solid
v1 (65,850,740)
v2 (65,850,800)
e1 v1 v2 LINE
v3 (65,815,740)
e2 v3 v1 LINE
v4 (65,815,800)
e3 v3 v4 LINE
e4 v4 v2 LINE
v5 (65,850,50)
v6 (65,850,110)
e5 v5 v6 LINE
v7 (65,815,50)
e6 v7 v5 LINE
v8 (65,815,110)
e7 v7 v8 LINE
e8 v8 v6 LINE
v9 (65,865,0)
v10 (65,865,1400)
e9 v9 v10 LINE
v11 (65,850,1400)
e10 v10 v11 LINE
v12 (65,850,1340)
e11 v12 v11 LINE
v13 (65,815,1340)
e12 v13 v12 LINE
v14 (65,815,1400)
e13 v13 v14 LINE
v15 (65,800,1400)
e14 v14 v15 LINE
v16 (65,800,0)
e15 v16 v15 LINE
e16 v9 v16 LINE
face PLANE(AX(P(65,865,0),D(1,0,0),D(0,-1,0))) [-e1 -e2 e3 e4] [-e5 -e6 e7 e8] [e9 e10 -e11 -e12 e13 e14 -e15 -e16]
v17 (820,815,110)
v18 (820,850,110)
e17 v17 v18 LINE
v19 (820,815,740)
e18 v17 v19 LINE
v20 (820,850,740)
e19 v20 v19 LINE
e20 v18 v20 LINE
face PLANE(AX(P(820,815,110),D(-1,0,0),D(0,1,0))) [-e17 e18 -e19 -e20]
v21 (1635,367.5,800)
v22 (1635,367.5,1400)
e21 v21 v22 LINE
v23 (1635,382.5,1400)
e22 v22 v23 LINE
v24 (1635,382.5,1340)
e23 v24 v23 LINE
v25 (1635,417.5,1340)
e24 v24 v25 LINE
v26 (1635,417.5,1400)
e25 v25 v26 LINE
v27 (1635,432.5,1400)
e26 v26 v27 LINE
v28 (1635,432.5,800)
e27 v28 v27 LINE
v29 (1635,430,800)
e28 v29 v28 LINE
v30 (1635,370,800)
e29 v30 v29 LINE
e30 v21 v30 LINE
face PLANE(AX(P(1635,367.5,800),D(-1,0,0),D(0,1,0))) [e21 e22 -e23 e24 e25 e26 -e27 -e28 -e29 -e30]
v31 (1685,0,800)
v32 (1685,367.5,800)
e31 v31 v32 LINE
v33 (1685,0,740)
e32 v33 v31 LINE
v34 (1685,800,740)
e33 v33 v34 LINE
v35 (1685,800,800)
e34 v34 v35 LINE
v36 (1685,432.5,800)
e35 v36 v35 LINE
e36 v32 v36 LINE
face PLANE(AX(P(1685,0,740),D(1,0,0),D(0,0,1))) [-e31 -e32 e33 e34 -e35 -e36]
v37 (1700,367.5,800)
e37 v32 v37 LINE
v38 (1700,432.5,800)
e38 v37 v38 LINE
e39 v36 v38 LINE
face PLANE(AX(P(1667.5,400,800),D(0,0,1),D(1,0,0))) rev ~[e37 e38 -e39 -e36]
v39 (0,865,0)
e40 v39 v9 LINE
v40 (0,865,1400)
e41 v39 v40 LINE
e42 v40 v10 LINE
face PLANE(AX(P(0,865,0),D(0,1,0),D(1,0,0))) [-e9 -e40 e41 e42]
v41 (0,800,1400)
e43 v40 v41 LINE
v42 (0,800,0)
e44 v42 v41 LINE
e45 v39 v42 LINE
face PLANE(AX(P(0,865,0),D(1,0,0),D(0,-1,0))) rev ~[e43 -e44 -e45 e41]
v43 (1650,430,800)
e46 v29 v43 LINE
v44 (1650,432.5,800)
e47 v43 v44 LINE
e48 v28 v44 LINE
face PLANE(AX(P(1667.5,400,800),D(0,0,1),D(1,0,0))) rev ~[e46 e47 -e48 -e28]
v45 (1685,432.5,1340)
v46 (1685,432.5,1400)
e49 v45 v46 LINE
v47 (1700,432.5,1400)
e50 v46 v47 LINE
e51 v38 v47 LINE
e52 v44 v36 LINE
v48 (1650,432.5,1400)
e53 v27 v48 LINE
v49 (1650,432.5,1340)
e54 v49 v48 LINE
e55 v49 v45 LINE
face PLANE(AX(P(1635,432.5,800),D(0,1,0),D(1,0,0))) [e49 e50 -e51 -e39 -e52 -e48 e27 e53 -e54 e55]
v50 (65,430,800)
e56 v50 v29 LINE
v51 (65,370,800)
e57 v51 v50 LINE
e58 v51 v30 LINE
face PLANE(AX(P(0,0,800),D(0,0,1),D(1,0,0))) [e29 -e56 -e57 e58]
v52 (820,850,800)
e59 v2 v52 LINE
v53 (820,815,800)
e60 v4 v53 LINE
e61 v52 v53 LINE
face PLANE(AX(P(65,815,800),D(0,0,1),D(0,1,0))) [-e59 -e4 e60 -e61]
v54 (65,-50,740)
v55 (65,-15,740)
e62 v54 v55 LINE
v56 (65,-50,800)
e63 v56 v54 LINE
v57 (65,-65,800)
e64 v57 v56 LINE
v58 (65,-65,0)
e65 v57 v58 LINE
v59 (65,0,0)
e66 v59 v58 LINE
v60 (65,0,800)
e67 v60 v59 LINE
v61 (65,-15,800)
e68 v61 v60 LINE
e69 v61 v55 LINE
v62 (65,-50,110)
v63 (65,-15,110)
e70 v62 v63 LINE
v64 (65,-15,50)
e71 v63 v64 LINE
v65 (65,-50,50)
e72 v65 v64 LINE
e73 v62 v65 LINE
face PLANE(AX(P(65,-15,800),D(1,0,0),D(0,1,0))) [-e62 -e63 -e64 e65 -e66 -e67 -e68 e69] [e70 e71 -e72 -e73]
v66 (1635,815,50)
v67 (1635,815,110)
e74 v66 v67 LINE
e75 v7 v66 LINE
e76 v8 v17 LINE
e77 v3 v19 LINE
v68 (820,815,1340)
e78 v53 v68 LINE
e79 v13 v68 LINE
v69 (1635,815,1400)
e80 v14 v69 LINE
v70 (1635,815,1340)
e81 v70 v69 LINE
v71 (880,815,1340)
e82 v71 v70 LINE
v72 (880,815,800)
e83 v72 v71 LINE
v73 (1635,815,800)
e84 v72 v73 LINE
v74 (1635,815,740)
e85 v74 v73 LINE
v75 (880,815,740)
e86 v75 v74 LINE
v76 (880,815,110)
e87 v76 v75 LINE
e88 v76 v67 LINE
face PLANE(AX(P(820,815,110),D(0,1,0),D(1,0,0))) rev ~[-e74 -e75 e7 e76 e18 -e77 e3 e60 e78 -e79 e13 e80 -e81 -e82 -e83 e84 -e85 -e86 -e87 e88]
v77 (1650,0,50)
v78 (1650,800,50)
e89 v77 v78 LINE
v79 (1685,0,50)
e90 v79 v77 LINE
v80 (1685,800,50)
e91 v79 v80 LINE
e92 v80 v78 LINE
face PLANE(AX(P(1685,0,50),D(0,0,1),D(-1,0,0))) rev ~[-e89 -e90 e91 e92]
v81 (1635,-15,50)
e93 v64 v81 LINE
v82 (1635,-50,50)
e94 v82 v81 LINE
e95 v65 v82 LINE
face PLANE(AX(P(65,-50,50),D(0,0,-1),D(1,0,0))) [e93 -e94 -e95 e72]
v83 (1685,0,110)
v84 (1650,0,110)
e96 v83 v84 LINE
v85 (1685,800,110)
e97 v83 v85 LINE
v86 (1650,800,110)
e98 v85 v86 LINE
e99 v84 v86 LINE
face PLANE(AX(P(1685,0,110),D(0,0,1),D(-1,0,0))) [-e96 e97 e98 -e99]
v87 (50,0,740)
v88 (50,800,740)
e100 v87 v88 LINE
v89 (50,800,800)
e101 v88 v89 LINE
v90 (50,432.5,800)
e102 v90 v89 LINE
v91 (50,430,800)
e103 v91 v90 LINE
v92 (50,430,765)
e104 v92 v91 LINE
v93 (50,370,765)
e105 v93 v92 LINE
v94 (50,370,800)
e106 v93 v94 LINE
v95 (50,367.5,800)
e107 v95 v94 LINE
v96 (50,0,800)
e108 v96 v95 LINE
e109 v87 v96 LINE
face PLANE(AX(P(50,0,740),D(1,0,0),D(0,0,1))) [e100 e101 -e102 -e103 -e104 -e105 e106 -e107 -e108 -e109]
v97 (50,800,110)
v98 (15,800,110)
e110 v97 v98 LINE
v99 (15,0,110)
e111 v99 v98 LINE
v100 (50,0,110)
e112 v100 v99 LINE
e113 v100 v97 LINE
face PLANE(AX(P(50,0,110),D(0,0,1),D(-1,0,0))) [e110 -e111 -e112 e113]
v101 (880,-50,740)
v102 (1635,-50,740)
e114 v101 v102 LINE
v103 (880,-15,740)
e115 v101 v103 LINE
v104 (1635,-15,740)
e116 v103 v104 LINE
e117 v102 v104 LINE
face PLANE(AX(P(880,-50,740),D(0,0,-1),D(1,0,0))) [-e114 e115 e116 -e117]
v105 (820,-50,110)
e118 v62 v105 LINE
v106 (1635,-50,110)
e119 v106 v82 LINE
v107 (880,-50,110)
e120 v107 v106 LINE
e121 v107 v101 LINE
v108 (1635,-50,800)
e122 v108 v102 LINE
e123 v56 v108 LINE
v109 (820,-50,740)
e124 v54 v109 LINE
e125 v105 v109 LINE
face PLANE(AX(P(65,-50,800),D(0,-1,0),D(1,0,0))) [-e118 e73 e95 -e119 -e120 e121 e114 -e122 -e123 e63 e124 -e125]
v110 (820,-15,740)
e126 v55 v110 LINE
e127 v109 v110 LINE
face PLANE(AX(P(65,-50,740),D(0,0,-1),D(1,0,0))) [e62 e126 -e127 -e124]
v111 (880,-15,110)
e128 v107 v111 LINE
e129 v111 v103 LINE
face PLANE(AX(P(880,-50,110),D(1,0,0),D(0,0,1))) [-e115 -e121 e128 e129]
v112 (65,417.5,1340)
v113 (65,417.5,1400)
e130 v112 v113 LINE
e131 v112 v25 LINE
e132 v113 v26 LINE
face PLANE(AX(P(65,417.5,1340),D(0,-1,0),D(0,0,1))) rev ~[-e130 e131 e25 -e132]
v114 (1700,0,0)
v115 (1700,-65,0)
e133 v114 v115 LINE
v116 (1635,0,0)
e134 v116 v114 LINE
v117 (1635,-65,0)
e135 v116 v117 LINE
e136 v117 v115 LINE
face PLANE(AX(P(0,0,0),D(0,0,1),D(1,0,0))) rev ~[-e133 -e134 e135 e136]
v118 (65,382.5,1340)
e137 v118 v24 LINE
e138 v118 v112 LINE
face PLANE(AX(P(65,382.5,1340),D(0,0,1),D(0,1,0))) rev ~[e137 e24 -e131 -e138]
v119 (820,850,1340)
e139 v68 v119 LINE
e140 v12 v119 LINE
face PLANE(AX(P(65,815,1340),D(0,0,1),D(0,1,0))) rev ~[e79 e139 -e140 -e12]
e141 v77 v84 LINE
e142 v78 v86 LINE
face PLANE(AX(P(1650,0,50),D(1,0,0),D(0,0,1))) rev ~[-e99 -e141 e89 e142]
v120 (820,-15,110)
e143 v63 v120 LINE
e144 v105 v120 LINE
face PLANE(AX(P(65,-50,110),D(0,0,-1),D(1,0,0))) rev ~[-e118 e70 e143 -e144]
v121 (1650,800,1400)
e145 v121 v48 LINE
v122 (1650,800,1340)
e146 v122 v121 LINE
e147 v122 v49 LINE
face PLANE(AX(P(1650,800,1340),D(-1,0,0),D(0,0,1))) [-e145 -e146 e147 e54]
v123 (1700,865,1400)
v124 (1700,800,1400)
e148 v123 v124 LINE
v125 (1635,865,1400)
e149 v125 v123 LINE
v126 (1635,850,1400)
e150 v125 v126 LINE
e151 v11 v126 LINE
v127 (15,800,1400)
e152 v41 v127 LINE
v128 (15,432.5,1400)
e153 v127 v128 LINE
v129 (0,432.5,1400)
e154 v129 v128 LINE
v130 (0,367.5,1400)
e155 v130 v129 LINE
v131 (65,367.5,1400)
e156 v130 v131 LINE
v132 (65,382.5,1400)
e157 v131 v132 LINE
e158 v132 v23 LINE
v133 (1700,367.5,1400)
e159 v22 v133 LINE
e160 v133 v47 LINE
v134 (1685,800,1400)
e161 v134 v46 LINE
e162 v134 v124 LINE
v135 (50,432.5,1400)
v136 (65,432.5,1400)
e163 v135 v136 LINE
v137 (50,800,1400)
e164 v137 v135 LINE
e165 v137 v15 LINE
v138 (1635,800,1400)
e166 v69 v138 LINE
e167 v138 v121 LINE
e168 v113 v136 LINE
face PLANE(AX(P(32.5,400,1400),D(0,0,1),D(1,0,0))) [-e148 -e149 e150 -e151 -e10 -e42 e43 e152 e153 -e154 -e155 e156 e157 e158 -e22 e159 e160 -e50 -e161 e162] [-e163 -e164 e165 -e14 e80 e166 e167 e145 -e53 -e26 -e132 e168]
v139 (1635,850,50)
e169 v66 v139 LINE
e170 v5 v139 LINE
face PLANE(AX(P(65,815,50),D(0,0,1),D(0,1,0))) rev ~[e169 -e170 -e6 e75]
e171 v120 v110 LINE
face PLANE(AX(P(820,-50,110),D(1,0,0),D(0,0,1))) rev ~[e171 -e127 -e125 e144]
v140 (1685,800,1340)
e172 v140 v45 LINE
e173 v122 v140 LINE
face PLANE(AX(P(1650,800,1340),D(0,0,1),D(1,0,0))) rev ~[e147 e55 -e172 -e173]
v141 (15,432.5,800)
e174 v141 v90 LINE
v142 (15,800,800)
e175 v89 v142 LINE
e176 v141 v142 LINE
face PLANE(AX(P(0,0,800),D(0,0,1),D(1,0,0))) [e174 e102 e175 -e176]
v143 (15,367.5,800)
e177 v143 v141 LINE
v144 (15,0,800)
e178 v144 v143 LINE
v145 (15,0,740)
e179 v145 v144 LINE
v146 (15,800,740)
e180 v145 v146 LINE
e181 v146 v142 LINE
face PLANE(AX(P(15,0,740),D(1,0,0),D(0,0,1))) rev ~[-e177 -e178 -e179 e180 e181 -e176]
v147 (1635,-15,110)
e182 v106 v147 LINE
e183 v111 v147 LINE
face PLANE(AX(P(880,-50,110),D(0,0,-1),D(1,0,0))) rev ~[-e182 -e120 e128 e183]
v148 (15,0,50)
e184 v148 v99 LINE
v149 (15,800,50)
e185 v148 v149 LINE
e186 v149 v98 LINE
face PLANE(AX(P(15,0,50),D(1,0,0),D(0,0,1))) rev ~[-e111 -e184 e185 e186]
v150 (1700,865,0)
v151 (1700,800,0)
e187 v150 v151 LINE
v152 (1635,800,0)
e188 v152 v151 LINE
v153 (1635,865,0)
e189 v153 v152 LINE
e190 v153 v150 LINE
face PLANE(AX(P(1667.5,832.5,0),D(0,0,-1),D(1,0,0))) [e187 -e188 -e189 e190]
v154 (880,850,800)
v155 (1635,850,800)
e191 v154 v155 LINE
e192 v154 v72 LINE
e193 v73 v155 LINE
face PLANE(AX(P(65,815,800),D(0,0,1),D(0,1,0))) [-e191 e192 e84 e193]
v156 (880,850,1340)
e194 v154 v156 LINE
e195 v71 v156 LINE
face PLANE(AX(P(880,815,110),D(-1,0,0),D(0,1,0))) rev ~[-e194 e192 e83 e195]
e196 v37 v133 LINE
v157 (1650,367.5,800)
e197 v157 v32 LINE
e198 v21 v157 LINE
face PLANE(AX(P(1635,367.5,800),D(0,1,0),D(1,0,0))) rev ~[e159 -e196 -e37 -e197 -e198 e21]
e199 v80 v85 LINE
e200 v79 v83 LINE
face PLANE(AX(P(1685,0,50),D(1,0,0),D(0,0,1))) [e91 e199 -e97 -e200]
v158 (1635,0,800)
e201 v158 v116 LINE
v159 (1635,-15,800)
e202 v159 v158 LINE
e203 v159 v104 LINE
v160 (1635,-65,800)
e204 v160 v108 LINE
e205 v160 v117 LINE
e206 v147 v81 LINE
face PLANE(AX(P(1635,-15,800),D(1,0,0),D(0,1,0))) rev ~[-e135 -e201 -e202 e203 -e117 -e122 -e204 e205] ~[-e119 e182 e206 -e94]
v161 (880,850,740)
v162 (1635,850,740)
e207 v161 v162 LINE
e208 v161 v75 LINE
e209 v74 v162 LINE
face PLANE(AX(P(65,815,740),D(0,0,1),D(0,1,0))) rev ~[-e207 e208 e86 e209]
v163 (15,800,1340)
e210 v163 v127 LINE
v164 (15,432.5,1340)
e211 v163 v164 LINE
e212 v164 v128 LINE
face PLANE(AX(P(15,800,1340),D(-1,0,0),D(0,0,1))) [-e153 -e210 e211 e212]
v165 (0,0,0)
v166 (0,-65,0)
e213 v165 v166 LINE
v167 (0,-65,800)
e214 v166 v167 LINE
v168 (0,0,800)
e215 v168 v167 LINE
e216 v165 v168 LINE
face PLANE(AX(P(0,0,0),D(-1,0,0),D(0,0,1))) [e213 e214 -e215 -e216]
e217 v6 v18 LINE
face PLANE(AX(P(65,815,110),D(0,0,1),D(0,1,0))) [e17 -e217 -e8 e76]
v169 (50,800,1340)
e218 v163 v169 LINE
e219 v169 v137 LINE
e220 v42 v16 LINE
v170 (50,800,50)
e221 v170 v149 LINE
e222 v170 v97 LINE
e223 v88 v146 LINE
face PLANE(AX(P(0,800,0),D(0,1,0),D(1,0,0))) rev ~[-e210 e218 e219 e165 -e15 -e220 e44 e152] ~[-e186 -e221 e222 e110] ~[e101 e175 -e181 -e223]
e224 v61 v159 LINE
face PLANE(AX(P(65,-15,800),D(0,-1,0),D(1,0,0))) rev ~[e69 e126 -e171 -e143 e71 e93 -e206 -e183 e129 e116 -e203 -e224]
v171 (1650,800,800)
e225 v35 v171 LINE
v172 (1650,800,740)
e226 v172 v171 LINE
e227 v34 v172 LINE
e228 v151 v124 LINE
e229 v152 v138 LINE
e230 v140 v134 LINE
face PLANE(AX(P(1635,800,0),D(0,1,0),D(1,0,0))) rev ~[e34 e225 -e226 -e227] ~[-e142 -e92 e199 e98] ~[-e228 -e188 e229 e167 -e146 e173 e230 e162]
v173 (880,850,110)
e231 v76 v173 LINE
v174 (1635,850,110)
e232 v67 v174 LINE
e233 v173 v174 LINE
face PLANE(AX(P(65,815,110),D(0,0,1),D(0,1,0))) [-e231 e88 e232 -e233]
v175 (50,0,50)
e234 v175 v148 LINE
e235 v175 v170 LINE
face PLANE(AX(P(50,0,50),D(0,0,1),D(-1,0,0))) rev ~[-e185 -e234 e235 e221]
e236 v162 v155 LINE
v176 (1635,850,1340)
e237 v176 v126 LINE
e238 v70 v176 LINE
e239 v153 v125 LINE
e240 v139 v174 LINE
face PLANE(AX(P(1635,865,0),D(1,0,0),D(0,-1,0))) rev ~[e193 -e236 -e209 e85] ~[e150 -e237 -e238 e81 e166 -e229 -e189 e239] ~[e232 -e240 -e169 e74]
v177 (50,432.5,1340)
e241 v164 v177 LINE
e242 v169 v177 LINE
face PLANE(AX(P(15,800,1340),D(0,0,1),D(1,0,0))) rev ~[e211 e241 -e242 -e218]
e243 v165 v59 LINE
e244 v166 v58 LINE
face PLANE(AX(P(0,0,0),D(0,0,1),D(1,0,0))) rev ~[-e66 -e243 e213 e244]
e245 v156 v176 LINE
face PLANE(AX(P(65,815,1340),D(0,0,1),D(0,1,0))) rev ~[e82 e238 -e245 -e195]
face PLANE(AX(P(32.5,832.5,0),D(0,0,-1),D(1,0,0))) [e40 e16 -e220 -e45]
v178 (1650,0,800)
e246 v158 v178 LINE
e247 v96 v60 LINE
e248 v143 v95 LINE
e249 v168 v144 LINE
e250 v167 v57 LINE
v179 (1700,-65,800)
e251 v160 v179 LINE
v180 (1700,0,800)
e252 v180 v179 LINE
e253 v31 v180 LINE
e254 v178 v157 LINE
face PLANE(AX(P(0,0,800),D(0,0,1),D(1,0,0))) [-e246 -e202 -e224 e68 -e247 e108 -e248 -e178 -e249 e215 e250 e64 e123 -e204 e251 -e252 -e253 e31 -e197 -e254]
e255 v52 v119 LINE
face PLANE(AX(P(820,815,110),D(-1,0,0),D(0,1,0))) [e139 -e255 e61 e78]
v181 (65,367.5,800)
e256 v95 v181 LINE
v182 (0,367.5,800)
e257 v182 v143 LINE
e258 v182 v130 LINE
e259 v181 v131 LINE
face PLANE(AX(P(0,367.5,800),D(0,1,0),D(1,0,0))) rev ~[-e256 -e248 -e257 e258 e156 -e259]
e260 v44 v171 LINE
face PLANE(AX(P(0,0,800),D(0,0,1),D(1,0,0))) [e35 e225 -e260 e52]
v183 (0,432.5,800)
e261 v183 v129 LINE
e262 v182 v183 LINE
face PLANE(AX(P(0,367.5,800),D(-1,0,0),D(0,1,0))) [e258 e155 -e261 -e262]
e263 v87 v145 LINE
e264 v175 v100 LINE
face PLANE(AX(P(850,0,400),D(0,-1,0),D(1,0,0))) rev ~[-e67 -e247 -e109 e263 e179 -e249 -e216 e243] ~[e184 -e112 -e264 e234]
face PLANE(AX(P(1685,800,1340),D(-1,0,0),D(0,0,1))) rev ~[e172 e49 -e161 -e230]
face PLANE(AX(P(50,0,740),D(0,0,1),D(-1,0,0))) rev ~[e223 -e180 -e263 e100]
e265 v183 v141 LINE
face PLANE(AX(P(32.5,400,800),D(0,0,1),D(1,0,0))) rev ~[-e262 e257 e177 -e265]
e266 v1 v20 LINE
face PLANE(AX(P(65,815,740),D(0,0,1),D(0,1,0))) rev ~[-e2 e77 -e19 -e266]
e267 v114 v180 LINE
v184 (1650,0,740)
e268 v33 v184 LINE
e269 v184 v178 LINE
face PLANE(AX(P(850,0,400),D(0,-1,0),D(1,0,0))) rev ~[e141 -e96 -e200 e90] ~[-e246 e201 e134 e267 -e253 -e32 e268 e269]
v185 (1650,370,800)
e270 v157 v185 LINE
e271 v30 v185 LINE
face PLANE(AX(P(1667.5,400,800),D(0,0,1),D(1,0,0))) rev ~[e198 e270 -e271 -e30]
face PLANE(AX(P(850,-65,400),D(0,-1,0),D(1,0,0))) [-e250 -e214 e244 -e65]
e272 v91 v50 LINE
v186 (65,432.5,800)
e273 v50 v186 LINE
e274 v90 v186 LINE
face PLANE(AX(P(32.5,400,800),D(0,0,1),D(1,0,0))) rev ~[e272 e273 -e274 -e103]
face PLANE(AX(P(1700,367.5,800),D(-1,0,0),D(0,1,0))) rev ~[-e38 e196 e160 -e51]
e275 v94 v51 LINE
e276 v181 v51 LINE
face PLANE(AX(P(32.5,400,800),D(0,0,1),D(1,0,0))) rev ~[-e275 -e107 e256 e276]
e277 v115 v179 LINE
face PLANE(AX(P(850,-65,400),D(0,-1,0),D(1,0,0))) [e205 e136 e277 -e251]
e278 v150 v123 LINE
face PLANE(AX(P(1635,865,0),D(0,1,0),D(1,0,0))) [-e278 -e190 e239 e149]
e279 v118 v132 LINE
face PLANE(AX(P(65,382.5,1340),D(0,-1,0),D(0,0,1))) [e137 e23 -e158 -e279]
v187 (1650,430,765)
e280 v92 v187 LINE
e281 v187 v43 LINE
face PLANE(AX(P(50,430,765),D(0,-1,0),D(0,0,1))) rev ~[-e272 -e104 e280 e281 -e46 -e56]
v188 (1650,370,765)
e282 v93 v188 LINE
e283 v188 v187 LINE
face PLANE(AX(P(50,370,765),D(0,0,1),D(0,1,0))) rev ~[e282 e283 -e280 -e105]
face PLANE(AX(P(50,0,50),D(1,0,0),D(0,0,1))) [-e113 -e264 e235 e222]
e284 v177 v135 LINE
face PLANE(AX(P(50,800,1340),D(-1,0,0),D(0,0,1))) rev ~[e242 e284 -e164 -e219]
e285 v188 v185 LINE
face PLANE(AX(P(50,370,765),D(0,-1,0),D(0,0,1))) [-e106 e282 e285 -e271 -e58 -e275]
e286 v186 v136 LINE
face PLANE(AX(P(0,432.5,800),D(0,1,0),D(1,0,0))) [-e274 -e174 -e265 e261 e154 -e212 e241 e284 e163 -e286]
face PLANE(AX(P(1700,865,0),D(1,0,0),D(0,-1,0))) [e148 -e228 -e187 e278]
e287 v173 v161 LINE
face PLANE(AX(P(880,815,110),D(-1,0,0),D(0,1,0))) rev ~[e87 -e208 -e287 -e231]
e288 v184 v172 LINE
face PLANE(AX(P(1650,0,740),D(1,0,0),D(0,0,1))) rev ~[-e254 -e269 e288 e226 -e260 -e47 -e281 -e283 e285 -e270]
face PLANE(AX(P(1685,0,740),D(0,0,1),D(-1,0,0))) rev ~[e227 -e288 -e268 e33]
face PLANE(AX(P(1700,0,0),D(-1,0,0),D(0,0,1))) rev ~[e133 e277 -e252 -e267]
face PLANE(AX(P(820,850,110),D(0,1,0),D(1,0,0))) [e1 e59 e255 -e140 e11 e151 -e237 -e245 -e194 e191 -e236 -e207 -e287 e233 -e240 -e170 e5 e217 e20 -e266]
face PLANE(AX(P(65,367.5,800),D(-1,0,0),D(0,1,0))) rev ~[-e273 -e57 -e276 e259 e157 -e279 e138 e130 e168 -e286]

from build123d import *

# Parameters (mm, degrees)
F0_W      = 1700
F0_H      = 800
F1_DEPTH  = 65
F2_W      = 1570
F2_H      = 15
F3_DEPTH  = 800.001
F4_W      = 1570
F4_H      = 50
F4_W_2    = 755
F4_H_2    = 630
F5_DEPTH  = 50.001
F6_W      = 35
F6_H      = 60
F7_DEPTH  = 800
F8_W      = 65
F8_H      = 65
F9_DEPTH  = 1400
F10_W     = 35
F10_H     = 60
F11_DEPTH = 1570
F12_W     = 60
F12_H     = 35
F13_DEPTH = 1230
F14_W     = 60
F14_H     = 35
F15_DEPTH = 1600
F16_W     = 65
F16_H     = 65
F17_DEPTH = 600
F18_W     = 35
F18_H     = 60
F19_DEPTH = 367.5
F20_W     = 35
F20_H     = 60
F21_DEPTH = 1570


with BuildPart() as f1:
    # F0 (on Front) → F1 (new body)
    with BuildSketch(Plane.XZ):
        with Locations((850, 400)):
            Rectangle(F0_W, F0_H)
    extrude(amount=F1_DEPTH)

    # F2 (on face) → F3 (cut, through all)
    with BuildSketch(Plane.XY.offset(800)):
        with Locations((850, -57.5)):
            Rectangle(F2_W, F2_H)
        with Locations((850, -7.5)):
            Rectangle(F2_W, F2_H)
    extrude(amount=-F3_DEPTH, mode=Mode.SUBTRACT)

    # F4 (on face) → F5 (cut, through all)
    with BuildSketch(Plane.XZ.offset(50)):
        with Locations((850, 25)):
            Rectangle(F4_W, F4_H)
        with Locations((1257.5, 425)):
            Rectangle(F4_W_2, F4_H_2)
        with Locations((442.5, 425)):
            Rectangle(F4_W_2, F4_H_2)
    extrude(amount=-F5_DEPTH, mode=Mode.SUBTRACT)

    # F6 (on face) → F7 (join)
    with BuildSketch(Plane(origin=(0, 0, 0), x_dir=(-1, 0, 0), z_dir=(0, 1, 0))):
        with Locations((-1667.5, 770)):
            Rectangle(F6_W, F6_H)
        with Locations((-1667.5, 80)):
            Rectangle(F6_W, F6_H)
        with Locations((-32.5, 770)):
            Rectangle(F6_W, F6_H)
        with Locations((-32.5, 80)):
            Rectangle(F6_W, F6_H)
    extrude(amount=F7_DEPTH)

    # F8 (on face) → F9 (join)
    with BuildSketch(Plane(origin=(0, 0, 0), x_dir=(1, 0, 0), z_dir=(0, 0, -1))):
        with Locations((1667.5, -832.5)):
            Rectangle(F8_W, F8_H)
        with Locations((32.5, -832.5)):
            Rectangle(F8_W, F8_H)
    extrude(amount=-F9_DEPTH)

    # F10 (on face) → F11 (join)
    with BuildSketch(Plane.YZ.offset(65)):
        with Locations((832.5, 1370)):
            Rectangle(F10_W, F10_H)
        with Locations((832.5, 80)):
            Rectangle(F10_W, F10_H)
        with Locations((832.5, 770)):
            Rectangle(F10_W, F10_H)
    extrude(amount=F11_DEPTH)

    # F12 (on face) → F13 (join, through all)
    with BuildSketch(Plane.XY.offset(110)):
        with Locations((850, 832.5)):
            Rectangle(F12_W, F12_H)
    extrude(amount=F13_DEPTH)

    # F14 (on face) → F15 (join, through all)
    with BuildSketch(Plane.YZ.offset(50)):
        with Locations((400, 782.5)):
            Rectangle(F14_W, F14_H)
    extrude(amount=F15_DEPTH)

    # F16 (on face) → F17 (join)
    with BuildSketch(Plane.XY.offset(800)):
        with Locations((32.5, 400)):
            Rectangle(F16_W, F16_H)
        with Locations((1667.5, 400)):
            Rectangle(F16_W, F16_H)
    extrude(amount=F17_DEPTH)

    # F18 (on face) → F19 (join, through all)
    with BuildSketch(Plane.XZ.offset(-800)):
        with Locations((1667.5, 1370)):
            Rectangle(F18_W, F18_H)
        with Locations((32.5, 1370)):
            Rectangle(F18_W, F18_H)
    extrude(amount=F19_DEPTH)

    # F20 (on face) → F21 (join, through all)
    with BuildSketch(Plane.YZ.offset(65)):
        with Locations((400, 1370)):
            Rectangle(F20_W, F20_H)
    extrude(amount=F21_DEPTH)


solid = f1.part
